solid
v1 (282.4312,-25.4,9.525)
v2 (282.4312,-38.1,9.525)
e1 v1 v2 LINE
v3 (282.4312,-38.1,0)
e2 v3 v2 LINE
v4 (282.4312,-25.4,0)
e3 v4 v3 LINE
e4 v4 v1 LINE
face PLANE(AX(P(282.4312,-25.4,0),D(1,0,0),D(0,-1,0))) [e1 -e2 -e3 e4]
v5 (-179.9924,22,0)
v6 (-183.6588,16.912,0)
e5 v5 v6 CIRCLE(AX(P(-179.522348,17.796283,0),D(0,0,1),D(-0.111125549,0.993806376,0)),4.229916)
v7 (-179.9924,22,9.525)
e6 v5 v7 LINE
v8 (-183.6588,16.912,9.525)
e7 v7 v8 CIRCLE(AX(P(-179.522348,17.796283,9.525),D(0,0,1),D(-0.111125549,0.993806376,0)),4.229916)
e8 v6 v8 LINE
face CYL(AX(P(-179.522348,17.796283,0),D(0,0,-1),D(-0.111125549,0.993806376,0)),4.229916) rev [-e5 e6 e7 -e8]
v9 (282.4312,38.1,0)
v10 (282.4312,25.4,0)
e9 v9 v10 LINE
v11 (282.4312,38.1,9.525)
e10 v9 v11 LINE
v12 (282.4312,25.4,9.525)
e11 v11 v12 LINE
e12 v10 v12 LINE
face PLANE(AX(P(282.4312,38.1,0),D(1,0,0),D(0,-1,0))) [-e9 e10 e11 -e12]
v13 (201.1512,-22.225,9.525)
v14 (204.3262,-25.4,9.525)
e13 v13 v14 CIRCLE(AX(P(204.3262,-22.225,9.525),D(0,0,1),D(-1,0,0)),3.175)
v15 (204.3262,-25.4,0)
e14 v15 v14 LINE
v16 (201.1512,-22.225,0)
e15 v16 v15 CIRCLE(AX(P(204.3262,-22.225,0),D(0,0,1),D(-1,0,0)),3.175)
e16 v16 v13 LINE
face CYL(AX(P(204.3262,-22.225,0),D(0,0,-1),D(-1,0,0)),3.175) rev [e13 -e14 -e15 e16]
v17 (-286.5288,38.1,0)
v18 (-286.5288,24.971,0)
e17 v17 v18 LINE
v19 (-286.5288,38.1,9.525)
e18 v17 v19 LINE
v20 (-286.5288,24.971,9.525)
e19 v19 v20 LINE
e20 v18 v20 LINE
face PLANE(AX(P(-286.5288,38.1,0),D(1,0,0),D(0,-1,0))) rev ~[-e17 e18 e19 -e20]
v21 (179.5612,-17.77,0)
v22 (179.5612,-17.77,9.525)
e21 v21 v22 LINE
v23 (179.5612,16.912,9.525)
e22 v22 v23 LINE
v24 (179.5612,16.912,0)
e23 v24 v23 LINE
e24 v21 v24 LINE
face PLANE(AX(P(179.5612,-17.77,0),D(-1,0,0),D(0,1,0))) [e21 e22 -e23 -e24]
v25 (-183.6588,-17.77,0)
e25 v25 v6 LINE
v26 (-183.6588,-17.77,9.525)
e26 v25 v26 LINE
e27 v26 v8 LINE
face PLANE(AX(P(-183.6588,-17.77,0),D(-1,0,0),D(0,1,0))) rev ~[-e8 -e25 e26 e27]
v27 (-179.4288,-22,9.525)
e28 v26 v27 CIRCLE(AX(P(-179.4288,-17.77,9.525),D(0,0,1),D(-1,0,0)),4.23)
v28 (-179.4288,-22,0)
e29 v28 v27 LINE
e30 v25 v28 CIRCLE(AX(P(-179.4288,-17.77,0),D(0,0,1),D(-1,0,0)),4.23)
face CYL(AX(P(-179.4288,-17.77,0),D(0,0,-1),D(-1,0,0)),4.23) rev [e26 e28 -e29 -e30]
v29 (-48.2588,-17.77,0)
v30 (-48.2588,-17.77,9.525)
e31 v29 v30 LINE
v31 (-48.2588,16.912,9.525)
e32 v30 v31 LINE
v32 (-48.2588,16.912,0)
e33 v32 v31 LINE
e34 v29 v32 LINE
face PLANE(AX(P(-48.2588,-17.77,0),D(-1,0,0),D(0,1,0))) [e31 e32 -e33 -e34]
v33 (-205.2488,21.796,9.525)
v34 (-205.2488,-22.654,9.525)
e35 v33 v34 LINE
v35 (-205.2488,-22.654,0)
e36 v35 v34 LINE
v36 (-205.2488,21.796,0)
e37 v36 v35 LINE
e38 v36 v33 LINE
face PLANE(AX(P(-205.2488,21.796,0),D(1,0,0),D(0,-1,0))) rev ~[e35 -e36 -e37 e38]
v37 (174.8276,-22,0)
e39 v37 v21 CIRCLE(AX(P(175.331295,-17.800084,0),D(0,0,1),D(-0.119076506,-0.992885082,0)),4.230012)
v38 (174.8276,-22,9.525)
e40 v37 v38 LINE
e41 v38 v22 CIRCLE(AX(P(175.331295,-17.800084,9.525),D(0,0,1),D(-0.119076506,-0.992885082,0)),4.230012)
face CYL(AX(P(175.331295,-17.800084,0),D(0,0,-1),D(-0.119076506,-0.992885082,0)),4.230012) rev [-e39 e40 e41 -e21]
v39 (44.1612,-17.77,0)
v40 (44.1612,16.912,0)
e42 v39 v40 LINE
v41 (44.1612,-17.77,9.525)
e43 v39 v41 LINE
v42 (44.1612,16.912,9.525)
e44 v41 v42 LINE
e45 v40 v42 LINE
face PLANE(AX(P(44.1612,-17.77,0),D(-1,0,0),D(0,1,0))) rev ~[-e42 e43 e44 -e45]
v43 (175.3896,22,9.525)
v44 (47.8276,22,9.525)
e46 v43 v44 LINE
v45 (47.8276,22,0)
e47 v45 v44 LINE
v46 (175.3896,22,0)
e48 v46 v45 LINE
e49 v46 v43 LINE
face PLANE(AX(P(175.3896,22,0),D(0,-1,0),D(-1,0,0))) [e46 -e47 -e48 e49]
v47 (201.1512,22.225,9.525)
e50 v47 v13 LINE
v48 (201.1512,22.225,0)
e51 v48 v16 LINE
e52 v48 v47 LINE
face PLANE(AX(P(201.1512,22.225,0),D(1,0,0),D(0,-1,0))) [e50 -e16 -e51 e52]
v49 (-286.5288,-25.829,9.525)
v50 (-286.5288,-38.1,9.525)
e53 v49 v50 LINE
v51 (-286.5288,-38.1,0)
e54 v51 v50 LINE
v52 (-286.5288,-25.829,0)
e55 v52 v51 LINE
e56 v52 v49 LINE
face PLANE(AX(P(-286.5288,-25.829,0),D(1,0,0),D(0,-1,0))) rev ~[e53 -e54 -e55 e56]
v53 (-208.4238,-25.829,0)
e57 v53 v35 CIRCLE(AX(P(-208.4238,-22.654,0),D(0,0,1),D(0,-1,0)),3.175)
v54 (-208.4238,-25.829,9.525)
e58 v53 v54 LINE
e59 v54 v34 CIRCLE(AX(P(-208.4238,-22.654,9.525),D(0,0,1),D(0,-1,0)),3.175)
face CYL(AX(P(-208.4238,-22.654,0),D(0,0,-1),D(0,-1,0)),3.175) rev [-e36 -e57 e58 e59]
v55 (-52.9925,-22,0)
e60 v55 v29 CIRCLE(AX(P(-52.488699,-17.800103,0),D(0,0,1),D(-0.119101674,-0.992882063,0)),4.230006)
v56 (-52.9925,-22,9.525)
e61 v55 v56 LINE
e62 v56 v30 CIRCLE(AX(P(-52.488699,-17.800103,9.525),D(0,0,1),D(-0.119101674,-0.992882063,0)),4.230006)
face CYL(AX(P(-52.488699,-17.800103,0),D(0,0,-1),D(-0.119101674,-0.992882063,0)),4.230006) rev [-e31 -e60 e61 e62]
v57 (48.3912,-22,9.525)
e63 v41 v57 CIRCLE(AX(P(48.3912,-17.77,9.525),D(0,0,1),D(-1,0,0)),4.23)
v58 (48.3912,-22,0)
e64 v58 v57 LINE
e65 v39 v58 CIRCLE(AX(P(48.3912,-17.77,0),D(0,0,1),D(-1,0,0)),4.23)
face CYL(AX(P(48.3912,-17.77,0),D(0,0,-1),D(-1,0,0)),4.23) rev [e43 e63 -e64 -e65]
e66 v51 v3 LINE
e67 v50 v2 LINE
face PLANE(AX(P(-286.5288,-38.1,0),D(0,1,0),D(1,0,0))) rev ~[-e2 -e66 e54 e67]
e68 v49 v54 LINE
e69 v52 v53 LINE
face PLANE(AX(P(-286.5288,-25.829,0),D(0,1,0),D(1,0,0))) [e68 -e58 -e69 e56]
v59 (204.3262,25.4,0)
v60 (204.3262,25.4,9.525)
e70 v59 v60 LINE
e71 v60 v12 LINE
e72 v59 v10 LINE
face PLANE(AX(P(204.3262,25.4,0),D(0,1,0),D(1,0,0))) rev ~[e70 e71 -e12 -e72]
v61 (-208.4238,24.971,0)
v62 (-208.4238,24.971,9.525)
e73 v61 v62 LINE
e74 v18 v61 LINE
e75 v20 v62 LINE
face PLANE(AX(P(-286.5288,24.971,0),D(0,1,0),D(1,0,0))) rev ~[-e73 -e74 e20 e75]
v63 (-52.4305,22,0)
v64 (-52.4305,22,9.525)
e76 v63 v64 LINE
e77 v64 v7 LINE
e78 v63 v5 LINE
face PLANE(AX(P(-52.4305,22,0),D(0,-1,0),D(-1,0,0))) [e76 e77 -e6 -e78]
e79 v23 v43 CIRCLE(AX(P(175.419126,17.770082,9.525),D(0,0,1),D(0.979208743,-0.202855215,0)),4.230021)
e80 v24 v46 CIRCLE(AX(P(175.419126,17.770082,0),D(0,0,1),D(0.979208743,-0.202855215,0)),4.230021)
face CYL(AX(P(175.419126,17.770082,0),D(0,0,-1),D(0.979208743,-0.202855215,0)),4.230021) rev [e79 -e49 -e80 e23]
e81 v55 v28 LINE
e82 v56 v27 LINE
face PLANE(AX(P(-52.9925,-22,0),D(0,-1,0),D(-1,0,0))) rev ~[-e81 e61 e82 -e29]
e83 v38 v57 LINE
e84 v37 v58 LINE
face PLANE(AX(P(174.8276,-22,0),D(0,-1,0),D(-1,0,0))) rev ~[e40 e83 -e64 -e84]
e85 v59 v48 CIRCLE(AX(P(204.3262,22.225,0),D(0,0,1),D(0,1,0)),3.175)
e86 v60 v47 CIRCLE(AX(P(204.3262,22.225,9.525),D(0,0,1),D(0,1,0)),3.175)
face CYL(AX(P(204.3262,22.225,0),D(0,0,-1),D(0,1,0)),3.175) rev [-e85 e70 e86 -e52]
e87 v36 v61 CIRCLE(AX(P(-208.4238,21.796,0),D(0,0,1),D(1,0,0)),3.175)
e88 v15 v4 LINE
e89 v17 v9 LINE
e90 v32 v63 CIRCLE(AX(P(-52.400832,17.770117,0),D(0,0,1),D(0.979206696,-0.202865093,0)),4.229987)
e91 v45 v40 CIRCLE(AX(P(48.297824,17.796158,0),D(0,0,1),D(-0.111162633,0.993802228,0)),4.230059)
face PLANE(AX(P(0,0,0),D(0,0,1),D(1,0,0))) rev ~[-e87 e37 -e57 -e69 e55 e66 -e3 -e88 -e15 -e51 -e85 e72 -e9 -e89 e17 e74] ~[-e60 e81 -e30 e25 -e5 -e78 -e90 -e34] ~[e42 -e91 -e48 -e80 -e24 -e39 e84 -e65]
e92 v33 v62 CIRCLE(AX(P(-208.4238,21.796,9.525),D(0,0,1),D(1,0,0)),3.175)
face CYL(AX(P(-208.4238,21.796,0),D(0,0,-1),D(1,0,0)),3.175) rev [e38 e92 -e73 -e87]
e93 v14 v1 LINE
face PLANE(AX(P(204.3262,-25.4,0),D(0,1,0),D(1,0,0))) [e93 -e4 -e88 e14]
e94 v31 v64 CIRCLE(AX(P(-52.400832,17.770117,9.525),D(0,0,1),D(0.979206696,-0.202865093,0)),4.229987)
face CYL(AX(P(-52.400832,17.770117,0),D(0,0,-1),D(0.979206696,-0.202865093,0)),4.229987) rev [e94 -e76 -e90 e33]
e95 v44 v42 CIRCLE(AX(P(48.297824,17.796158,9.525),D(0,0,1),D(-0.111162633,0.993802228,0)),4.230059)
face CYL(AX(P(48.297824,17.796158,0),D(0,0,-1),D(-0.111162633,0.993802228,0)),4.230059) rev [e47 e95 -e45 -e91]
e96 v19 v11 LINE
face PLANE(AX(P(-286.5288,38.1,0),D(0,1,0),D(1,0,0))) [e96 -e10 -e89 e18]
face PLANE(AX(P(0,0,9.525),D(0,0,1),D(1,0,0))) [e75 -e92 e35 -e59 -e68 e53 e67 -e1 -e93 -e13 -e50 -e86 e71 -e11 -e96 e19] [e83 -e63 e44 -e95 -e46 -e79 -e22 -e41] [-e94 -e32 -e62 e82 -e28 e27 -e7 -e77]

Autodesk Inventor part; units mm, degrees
ref_plane "YZ Plane" through (0, 0, 0) normal (1, 0, 0) x (0, 1, 0)
ref_plane "XZ Plane" through (0, 0, 0) normal (0, 1, 0) x (-1, 0, 0)
ref_plane "XY Plane" through (0, 0, 0) normal (0, 0, 1) x (1, 0, 0)
sketch "Sketch1" plane through (0, 0, 0) normal (0, 0, 1) x (1, 0, 0)
  arc A0 (-179.9924, 22) -> (-183.6588, 16.912) centre (-179.5223, 17.7962) ccw
  arc A1 (-183.6588, -17.77) -> (-179.4288, -22) centre (-179.4288, -17.77) ccw
  arc A2 (-48.2588, 16.912) -> (-52.4305, 22) centre (-52.4009, 17.7701) ccw
  arc A3 (-52.9925, -22) -> (-48.2588, -17.77) centre (-52.4887, -17.8001) ccw
  line L0 (-52.4305, 22) -> (-179.9924, 22)
  line L1 (-52.9925, -22) -> (-179.4288, -22)
  line L2 (-48.2588, -17.77) -> (-48.2588, 16.912)
  line L3 (-183.6588, -17.77) -> (-183.6588, 16.912)
  line L4 (-286.5288, -25.829) -> (-208.4238, -25.829)
  line L5 (-286.5288, 24.971) -> (-208.4238, 24.971)
  line L6 (-205.2488, 21.796) -> (-205.2488, -22.654)
  arc A4 (-205.2488, 21.796) -> (-208.4238, 24.971) centre (-208.4238, 21.796) ccw
  arc A5 (-208.4238, -25.829) -> (-205.2488, -22.654) centre (-208.4238, -22.654) ccw
  arc A6 (44.1612, -17.77) -> (48.3912, -22) centre (48.3912, -17.77) ccw
  arc A7 (47.8276, 22) -> (44.1612, 16.912) centre (48.2978, 17.7962) ccw
  line L7 (44.1612, -17.77) -> (44.1612, 16.912)
  line L8 (204.3262, 25.4) -> (282.4312, 25.4)
  line L9 (204.3262, -25.4) -> (282.4312, -25.4)
  line L10 (174.8276, -22) -> (48.3912, -22)
  line L11 (175.3896, 22) -> (47.8276, 22)
  arc A8 (179.5612, 16.912) -> (175.3896, 22) centre (175.4192, 17.7701) ccw
  line L12 (179.5612, -17.77) -> (179.5612, 16.912)
  arc A9 (174.8276, -22) -> (179.5612, -17.77) centre (175.3313, -17.8001) ccw
  arc A10 (201.1512, -22.225) -> (204.3262, -25.4) centre (204.3262, -22.225) ccw
  arc A11 (204.3262, 25.4) -> (201.1512, 22.225) centre (204.3262, 22.225) ccw
  line L13 (201.1512, 22.225) -> (201.1512, -22.225)
  line L14 (-286.5288, 38.1) -> (282.4312, 38.1)
  line L15 (-286.5288, -38.1) -> (282.4312, -38.1)
  line L16 (282.4312, 38.1) -> (282.4312, 25.4)
  line L17 (282.4312, -25.4) -> (282.4312, -38.1)
  line L18 (-286.5288, 38.1) -> (-286.5288, 24.971)
  line L19 (-286.5288, -25.829) -> (-286.5288, -38.1)
  dimension "d0" = 135.4
  dimension "d1" = 44
  dimension "d8" = 78.105
  dimension "d13" = 50.8
  dimension "d14" = 44.45
  dimension "d15" = 21.59
  dimension "d18" = 135.4
  dimension "d19" = 44
  dimension "d20" = 78.105
  dimension "d21" = 50.8
  dimension "d26" = 568.96
  dimension "d33" = 21.59
extrude "Extrusion2" add sketch "Sketch1" along normal blind 9.525
properties part number "top" material "Aluminum 6061"
